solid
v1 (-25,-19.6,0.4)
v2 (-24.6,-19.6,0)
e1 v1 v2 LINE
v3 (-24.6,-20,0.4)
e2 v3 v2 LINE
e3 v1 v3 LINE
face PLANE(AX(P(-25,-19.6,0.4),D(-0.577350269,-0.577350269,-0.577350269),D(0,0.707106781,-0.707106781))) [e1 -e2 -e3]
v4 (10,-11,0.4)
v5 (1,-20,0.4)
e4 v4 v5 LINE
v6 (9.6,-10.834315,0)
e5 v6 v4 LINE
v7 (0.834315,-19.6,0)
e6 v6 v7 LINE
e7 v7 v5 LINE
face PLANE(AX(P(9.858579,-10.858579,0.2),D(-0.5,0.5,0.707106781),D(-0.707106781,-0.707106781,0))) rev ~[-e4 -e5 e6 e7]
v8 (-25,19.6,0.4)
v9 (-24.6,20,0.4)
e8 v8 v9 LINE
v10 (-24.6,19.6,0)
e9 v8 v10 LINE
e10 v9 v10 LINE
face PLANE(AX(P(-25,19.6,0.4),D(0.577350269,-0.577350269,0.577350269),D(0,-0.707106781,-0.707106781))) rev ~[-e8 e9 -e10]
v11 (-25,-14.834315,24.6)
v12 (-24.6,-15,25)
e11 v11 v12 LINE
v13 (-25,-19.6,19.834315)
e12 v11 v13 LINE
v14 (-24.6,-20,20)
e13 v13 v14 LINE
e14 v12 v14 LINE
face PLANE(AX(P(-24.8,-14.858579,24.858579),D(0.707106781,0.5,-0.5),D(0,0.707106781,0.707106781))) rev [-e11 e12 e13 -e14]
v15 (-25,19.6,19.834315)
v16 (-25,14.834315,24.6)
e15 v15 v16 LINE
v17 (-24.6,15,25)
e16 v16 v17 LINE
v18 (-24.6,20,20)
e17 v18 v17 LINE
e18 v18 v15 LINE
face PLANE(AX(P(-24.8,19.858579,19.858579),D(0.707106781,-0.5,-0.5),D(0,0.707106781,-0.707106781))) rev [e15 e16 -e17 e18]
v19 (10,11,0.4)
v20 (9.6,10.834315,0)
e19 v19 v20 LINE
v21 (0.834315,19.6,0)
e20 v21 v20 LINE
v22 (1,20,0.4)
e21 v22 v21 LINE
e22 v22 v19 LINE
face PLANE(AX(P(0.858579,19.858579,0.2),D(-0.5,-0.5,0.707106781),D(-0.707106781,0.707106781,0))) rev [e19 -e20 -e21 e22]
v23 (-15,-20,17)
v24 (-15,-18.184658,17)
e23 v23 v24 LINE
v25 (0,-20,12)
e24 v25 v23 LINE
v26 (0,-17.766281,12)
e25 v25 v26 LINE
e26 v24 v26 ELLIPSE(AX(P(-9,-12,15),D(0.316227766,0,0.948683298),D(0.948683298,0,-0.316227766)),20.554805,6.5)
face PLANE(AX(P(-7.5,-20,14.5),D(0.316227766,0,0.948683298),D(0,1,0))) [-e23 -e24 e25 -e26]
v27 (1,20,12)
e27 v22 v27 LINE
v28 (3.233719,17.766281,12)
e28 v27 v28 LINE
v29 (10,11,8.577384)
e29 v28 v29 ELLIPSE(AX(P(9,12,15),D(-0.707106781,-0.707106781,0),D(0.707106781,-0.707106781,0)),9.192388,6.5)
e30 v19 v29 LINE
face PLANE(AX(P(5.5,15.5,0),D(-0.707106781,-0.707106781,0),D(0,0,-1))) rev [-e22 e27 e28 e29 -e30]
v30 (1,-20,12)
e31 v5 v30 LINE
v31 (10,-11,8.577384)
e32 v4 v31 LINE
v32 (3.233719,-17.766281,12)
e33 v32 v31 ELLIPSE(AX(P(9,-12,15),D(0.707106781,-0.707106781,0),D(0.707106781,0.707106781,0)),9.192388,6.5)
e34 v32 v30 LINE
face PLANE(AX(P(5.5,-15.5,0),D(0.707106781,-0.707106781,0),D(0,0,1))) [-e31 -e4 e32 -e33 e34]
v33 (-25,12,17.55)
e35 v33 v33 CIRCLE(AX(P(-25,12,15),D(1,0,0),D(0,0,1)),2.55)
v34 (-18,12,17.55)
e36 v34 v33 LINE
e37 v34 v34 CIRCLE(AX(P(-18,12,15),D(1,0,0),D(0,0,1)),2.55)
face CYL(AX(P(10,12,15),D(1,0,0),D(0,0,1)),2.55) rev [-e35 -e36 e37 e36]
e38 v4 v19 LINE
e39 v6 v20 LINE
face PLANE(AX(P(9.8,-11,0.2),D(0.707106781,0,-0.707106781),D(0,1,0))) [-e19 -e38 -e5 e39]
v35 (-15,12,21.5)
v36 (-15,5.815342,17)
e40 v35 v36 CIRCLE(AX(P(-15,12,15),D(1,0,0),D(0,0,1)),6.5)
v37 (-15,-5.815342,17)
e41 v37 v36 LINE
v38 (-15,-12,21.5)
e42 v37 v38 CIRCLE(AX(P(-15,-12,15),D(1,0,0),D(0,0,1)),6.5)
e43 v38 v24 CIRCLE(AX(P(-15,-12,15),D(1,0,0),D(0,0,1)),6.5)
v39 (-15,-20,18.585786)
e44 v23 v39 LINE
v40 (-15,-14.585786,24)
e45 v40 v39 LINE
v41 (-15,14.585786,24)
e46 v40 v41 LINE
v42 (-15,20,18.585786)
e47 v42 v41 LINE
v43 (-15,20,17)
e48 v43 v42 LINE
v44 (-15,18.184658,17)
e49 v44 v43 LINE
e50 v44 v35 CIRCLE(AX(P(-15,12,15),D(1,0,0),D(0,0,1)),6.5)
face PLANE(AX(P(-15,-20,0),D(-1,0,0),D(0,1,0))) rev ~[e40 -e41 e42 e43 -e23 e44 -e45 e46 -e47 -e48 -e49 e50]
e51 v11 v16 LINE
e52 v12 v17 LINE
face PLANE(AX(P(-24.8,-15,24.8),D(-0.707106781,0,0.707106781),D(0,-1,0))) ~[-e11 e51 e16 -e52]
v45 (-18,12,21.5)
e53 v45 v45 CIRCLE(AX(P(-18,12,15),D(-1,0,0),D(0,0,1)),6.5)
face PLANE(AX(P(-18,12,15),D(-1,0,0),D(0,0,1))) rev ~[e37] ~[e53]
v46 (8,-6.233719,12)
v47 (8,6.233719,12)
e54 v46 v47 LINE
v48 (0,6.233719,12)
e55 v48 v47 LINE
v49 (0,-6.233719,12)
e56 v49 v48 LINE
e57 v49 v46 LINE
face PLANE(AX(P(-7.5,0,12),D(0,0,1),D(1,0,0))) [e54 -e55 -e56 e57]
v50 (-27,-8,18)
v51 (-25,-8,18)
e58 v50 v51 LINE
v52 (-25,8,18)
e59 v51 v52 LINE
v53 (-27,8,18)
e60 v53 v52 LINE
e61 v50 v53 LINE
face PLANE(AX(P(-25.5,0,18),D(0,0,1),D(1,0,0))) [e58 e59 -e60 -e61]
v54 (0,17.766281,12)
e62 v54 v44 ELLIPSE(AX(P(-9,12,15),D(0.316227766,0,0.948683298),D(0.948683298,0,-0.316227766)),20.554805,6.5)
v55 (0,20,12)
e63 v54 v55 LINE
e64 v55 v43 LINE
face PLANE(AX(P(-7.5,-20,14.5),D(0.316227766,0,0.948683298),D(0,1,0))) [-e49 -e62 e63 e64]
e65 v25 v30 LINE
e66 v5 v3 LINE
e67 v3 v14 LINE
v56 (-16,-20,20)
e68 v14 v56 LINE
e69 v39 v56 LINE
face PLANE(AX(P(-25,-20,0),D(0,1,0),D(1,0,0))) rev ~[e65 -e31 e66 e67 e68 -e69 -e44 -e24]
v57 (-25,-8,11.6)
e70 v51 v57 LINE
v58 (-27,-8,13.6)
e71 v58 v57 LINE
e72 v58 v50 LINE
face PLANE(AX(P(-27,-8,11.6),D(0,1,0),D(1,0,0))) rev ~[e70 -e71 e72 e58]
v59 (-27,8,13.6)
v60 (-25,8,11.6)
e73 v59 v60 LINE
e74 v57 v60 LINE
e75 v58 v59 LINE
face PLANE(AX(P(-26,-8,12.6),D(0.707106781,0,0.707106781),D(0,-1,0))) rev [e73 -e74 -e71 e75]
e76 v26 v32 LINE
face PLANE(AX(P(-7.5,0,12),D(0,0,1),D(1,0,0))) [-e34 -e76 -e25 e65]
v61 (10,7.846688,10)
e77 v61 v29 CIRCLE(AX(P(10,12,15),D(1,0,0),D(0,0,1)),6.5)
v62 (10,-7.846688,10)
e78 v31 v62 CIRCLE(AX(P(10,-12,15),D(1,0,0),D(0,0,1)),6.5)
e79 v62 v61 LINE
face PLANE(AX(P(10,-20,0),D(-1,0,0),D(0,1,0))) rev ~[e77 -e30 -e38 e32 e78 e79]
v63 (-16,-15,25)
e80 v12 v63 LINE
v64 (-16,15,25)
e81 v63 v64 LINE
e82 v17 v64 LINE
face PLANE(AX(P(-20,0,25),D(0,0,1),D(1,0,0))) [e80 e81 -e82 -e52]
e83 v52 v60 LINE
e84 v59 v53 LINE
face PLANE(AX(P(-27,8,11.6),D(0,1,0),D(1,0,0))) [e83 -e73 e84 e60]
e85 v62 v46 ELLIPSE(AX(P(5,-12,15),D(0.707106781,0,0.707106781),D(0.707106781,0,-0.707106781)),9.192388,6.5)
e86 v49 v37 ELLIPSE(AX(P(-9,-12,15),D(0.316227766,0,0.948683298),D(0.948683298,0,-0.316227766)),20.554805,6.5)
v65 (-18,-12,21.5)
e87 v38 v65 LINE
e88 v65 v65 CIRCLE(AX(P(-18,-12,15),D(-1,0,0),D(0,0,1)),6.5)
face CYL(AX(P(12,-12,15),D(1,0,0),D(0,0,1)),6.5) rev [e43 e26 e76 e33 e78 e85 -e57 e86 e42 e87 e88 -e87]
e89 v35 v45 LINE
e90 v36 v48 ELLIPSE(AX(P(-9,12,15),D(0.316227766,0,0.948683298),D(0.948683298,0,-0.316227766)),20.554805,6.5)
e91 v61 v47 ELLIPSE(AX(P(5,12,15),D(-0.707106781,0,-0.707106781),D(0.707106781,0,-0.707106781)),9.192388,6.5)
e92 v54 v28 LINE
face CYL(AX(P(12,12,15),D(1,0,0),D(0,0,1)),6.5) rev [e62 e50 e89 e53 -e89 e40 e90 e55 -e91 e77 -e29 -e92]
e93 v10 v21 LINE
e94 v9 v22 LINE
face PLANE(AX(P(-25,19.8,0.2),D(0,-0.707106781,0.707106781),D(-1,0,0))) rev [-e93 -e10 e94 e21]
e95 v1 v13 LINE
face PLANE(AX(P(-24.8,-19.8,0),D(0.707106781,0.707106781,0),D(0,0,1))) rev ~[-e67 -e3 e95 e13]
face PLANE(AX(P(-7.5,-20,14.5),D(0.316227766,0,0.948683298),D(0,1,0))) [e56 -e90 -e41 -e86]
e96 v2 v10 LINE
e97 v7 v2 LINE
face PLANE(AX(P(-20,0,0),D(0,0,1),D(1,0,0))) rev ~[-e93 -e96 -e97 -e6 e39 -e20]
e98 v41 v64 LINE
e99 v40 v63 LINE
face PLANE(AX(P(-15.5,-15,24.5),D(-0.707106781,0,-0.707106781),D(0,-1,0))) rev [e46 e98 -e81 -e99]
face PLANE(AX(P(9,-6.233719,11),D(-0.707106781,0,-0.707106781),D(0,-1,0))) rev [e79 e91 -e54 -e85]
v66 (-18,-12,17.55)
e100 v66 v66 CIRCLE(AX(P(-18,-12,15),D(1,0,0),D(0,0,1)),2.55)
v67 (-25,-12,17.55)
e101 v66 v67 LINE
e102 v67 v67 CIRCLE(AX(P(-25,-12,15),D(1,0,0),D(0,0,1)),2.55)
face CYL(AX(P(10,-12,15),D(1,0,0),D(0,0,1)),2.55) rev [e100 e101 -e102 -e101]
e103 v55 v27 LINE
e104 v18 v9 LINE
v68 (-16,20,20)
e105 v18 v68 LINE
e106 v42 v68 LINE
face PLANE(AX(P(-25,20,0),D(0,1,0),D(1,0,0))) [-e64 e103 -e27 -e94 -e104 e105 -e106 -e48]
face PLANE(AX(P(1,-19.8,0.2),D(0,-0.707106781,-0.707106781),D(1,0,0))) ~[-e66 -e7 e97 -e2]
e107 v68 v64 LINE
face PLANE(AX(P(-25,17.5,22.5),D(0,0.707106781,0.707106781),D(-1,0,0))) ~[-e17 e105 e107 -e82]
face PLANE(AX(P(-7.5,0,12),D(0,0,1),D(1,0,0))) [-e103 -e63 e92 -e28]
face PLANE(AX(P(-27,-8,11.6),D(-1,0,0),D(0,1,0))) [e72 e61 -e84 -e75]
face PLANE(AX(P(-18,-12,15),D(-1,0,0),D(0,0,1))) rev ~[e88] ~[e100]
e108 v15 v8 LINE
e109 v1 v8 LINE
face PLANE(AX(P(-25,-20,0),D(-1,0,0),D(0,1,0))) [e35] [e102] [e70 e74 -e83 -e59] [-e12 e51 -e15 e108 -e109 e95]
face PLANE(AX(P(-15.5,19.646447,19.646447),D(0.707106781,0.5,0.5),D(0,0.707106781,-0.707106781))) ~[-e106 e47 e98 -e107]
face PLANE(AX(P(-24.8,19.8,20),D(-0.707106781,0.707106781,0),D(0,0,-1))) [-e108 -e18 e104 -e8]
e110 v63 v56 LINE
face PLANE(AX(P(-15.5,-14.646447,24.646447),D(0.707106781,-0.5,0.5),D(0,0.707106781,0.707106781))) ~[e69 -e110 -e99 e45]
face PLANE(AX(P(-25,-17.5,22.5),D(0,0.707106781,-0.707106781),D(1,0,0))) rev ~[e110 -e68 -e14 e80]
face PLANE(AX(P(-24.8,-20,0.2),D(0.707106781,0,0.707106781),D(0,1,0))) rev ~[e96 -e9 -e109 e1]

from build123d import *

# Parameters (mm, degrees)
BOX017_W           = 3
BOX017_H           = 16
BOX017_DEPTH       = 6.4
CHAMFER033017_SIZE = 2
CYLINDER023_R      = 2.55
CYLINDER023_DEPTH  = 40
CYLINDER022_R      = 2.55
CYLINDER022_DEPTH  = 40
CYLINDER020_R      = 6.5
CYLINDER020_DEPTH  = 30
CYLINDER021_R      = 6.5
CYLINDER021_DEPTH  = 30
BOX015_W           = 35
BOX015_H           = 40
BOX015_DEPTH       = 12
BOX016_W           = 10
BOX016_H           = 40
BOX016_DEPTH       = 25
CHAMFER025_SIZE2   = 5
CHAMFER025_SIZE    = 15
CHAMFER026_SIZE    = 5
CHAMFER027_SIZE    = 9
CHAMFER028_SIZE    = 0.4
CHAMFER029_SIZE    = 2
CHAMFER030_SIZE    = 1


with BuildPart() as chamfer033017:
    # Box017 → Box017 (new body)
    with BuildSketch(Plane(origin=(-27, -8, 11.6), x_dir=(1, 0, 0), z_dir=(0, 0, 1))):
        with Locations((1.5, 8)):
            Rectangle(BOX017_W, BOX017_H)
    extrude(amount=BOX017_DEPTH)

    # Chamfer033017
    chamfer033017_edges = [chamfer033017.edges().sort_by_distance(p)[0] for p in [
        (-27, 0, 11.6),
    ]]
    chamfer(chamfer033017_edges, length=CHAMFER033017_SIZE)


with BuildPart() as cylinder021:
    # Cylinder023 → Cylinder023 (new body)
    with BuildSketch(Plane(origin=(10, 12, 15), x_dir=(0, 0, 1), z_dir=(-1, 0, 0))):
        Circle(CYLINDER023_R)
    extrude(amount=CYLINDER023_DEPTH)


with BuildPart() as fusion018:
    # Cylinder022 → Cylinder022 (new body)
    with BuildSketch(Plane(origin=(10, -12, 15), x_dir=(0, 0, 1), z_dir=(-1, 0, 0))):
        Circle(CYLINDER022_R)
    extrude(amount=CYLINDER022_DEPTH)

    # Fusion018: union Cylinder021
    add(cylinder021.part)


with BuildPart() as cylinder018:
    # Cylinder020 → Cylinder020 (new body)
    with BuildSketch(Plane(origin=(10, -12, 15), x_dir=(0, 0, 1), z_dir=(-1, 0, 0))):
        Circle(CYLINDER020_R)
    extrude(amount=CYLINDER020_DEPTH)


with BuildPart() as fusion016:
    # Cylinder021 → Cylinder021 (new body)
    with BuildSketch(Plane(origin=(10, 12, 15), x_dir=(0, 0, 1), z_dir=(-1, 0, 0))):
        Circle(CYLINDER021_R)
    extrude(amount=CYLINDER021_DEPTH)

    # Fusion016: union Cylinder018
    add(cylinder018.part)


with BuildPart() as fusion016_1:
    # Fusion016 placement: moved
    add(fusion016.part.moved(Location((2, 0, 0))))


with BuildPart() as cube015:
    # Box015 → Box015 (new body)
    with BuildSketch(Plane(origin=(-25, -20, 0), x_dir=(1, 0, 0), z_dir=(0, 0, 1))):
        with Locations((17.5, 20)):
            Rectangle(BOX015_W, BOX015_H)
    extrude(amount=BOX015_DEPTH)


with BuildPart() as top_mount_base:
    # Box016 → Box016 (new body)
    with BuildSketch(Plane(origin=(-25, -20, 0), x_dir=(1, 0, 0), z_dir=(0, 0, 1))):
        with Locations((5, 20)):
            Rectangle(BOX016_W, BOX016_H)
    extrude(amount=BOX016_DEPTH)

    # Fusion019: union Cube015
    add(cube015.part)

    # Chamfer025
    chamfer025_edges = [top_mount_base.edges().sort_by_distance(p)[0] for p in [
        (-15, 0, 12),
    ]]
    chamfer025_side = top_mount_base.faces().sort_by_distance((-2.5, 0, 12))[0]
    chamfer(chamfer025_edges, length=CHAMFER025_SIZE, length2=CHAMFER025_SIZE2, reference=chamfer025_side)

    # Chamfer026
    chamfer026_edges = [top_mount_base.edges().sort_by_distance(p)[0] for p in [
        (-20, -20, 25),
        (-20, 20, 25),
    ]]
    chamfer(chamfer026_edges, length=CHAMFER026_SIZE)

    # Chamfer027
    chamfer027_edges = [top_mount_base.edges().sort_by_distance(p)[0] for p in [
        (10, -20, 6),
        (10, 20, 6),
    ]]
    chamfer(chamfer027_edges, length=CHAMFER027_SIZE)

    # Chamfer028
    chamfer028_edges = [top_mount_base.edges().sort_by_distance(p)[0] for p in [
        (-7, -20, 0),
        (5.5, -15.5, 0),
        (-25, -20, 16),
        (-7, 20, 0),
        (5.5, 15.5, 0),
        (10, 0, 0),
        (-20, -20, 0),
        (-25, -20, 6),
        (-25, -17.5, 22.5),
        (-25, 0, 25),
        (-25, 20, 16),
        (-25, 17.5, 22.5),
        (-25, 0, 0),
        (-20, 20, 0),
        (-25, 20, 6),
    ]]
    chamfer(chamfer028_edges, length=CHAMFER028_SIZE)

    # Cut003: cut Fusion016
    add(fusion016_1.part, mode=Mode.SUBTRACT)

    # Cut004: cut Fusion018
    add(fusion018.part, mode=Mode.SUBTRACT)

    # Chamfer029
    chamfer029_edges = [top_mount_base.edges().sort_by_distance(p)[0] for p in [
        (10, 0, 12),
    ]]
    chamfer(chamfer029_edges, length=CHAMFER029_SIZE)

    # Chamfer030
    chamfer030_edges = [top_mount_base.edges().sort_by_distance(p)[0] for p in [
        (-15, -17.5, 22.5),
        (-15, 0, 25),
        (-15, 17.5, 22.5),
    ]]
    chamfer(chamfer030_edges, length=CHAMFER030_SIZE)

    # Fusion020006007: union Chamfer033017
    add(chamfer033017.part)


solid = top_mount_base.part
